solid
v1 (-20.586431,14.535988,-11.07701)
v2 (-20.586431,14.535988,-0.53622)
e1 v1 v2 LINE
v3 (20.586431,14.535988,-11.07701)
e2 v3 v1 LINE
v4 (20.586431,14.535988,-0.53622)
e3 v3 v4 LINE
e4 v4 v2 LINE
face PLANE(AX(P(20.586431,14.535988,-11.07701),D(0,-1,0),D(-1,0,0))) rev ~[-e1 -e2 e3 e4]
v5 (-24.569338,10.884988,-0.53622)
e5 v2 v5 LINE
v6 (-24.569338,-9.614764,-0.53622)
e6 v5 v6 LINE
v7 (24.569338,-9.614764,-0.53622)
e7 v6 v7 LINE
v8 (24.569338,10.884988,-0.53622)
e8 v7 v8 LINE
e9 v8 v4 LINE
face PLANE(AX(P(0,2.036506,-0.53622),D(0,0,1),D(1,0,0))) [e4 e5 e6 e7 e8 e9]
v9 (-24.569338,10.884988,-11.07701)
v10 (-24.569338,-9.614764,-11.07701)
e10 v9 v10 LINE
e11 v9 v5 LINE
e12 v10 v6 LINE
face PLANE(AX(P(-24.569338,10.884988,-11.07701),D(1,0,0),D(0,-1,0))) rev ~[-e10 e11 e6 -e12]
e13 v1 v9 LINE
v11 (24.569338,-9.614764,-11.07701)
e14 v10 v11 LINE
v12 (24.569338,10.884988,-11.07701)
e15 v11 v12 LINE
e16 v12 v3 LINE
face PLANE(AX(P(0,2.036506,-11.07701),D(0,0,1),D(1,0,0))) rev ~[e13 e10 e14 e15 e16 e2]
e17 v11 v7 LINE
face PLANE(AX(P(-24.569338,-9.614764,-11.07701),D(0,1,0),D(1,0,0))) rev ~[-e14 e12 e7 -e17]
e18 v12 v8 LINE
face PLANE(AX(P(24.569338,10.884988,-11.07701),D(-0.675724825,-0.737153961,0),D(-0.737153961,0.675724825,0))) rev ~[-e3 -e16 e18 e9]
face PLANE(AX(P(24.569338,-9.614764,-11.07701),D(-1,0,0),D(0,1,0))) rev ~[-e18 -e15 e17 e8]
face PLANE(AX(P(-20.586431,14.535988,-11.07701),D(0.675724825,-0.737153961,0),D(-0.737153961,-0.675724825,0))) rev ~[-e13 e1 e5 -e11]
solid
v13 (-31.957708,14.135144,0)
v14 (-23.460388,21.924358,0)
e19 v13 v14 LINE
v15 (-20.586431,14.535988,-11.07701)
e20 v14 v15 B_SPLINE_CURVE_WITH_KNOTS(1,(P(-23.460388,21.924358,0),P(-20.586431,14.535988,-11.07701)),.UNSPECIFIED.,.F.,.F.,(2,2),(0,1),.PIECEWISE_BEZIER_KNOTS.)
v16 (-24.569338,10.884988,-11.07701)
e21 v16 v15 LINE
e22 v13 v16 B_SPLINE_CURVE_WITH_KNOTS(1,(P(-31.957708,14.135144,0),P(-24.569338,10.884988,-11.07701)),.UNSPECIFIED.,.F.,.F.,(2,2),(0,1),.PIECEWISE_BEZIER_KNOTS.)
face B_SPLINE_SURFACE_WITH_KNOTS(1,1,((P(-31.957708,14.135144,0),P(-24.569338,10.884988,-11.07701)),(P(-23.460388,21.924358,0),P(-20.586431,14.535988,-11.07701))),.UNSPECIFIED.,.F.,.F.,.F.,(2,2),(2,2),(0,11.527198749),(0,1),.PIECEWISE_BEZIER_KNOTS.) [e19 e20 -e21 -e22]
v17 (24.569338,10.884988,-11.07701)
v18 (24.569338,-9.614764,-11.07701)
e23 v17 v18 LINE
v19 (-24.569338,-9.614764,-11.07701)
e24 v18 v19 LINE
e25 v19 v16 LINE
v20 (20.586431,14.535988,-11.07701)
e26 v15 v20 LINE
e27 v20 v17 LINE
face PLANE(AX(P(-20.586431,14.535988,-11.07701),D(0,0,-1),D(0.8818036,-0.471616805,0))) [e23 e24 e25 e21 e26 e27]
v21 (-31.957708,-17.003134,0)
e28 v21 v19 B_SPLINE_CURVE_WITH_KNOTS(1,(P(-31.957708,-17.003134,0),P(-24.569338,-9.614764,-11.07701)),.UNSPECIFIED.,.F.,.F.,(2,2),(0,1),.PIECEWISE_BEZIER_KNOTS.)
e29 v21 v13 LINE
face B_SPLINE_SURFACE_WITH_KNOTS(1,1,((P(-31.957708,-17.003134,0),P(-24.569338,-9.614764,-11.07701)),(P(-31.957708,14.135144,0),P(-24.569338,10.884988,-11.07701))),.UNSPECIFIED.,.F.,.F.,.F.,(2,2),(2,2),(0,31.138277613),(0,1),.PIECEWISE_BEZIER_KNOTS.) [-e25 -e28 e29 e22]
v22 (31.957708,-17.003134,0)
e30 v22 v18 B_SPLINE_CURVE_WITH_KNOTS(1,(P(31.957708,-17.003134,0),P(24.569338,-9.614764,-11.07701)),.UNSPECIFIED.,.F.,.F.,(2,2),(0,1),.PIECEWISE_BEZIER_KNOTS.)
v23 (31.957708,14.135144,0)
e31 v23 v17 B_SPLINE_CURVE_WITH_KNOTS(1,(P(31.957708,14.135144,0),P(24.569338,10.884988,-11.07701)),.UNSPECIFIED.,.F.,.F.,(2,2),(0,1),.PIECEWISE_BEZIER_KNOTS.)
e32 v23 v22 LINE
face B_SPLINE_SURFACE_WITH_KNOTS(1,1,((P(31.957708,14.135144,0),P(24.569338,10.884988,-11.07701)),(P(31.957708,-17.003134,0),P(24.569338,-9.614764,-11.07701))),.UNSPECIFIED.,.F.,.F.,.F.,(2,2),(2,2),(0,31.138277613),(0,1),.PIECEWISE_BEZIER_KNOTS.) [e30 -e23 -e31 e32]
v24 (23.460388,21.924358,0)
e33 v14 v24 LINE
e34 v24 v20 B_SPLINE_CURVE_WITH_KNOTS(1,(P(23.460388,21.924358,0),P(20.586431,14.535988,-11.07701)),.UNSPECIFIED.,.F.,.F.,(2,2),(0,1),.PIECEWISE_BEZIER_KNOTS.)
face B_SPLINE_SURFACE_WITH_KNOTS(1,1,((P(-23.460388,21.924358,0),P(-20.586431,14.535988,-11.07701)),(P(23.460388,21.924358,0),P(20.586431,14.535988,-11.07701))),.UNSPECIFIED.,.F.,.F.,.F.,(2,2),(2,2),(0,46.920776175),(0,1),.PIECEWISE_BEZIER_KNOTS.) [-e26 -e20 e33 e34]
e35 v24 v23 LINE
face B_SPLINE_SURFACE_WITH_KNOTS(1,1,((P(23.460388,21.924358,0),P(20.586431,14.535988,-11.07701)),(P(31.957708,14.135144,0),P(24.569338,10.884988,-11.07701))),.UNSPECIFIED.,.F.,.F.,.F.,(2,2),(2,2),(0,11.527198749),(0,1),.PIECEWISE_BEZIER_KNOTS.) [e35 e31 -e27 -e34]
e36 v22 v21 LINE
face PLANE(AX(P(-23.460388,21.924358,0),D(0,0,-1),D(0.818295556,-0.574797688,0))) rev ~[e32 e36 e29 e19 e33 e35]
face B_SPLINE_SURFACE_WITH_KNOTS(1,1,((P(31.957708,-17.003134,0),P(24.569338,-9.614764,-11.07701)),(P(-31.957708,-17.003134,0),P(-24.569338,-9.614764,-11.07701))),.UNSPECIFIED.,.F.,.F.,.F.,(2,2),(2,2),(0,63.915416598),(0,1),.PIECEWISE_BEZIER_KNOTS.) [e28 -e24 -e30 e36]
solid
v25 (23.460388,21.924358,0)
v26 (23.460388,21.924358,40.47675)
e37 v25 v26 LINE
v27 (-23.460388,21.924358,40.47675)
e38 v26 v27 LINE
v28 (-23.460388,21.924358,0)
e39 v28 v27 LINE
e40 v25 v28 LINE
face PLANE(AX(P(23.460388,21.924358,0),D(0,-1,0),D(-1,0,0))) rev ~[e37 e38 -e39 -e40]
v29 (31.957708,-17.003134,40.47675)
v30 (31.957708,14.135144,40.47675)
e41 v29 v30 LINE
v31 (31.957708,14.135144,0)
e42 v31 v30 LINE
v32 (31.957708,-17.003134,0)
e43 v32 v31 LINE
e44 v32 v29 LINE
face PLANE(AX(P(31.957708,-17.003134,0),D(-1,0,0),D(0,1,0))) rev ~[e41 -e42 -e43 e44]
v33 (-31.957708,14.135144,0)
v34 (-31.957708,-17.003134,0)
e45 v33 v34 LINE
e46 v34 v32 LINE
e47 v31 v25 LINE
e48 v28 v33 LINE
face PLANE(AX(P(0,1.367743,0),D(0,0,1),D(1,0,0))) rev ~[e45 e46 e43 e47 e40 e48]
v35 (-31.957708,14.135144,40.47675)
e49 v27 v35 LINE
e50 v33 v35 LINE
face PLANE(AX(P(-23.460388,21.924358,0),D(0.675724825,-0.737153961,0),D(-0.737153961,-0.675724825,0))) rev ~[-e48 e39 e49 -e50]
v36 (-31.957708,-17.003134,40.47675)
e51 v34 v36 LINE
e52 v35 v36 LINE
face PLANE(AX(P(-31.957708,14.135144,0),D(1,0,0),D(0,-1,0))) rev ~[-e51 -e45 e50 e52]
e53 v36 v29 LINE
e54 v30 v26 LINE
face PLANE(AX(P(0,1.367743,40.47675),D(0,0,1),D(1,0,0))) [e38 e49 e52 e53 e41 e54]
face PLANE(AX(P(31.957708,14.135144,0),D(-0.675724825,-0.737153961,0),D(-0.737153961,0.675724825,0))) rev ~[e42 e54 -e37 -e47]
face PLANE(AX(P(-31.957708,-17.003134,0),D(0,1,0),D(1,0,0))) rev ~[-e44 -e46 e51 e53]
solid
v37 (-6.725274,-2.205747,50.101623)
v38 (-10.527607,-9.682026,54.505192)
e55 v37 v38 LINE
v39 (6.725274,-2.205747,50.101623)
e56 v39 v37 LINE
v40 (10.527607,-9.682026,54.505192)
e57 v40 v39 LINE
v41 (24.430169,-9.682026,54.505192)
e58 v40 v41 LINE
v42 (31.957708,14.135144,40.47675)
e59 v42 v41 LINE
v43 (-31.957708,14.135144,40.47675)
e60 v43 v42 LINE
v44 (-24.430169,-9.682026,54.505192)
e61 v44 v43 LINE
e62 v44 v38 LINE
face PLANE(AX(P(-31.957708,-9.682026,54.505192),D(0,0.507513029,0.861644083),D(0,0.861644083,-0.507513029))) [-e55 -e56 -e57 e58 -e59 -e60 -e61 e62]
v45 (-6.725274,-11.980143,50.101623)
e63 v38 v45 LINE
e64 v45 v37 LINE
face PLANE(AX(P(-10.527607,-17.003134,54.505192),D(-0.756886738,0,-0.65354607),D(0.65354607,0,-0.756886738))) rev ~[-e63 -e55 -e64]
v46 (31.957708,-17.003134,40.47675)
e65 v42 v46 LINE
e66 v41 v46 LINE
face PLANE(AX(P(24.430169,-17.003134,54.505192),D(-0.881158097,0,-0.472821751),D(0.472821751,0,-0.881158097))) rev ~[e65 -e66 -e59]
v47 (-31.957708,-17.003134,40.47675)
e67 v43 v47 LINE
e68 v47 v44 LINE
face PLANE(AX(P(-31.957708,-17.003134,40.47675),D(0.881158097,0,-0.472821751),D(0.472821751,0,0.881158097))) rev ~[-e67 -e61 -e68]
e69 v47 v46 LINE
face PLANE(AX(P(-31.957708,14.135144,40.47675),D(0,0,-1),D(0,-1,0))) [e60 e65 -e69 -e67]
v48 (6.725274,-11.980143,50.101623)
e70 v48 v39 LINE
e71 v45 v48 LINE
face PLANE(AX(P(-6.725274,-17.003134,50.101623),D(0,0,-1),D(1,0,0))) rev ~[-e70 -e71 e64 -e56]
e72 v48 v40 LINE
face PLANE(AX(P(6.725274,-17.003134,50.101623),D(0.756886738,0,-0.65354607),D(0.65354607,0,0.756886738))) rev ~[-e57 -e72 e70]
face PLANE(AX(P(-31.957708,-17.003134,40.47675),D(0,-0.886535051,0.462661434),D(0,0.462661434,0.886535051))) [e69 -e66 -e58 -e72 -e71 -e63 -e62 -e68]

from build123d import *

# Parameters (mm, degrees)
F1_DEPTH = 10.54079
F3_DEPTH = 40.47675
F6_DEPTH = 63.9154165983
F8_DEPTH = 38.9284920647


with BuildPart() as f1:
    # F0 (on Top) → F1 (new body)
    with BuildSketch(Plane.XY):
        Polygon((20.5864314835, 14.5359879601), (-20.5864314835, 14.5359879601), (-24.5693381876, 10.884988199), (-24.5693381876, -9.6147637814), (0, -9.6147637814), (24.5693381876, -9.6147637814), (24.5693381876, 10.884988199), align=None)
    extrude(amount=F1_DEPTH)


with BuildPart() as f1_1:
    # F2: moved
    add(f1.part.moved(Location((0, 0, -11.07701))))


with BuildPart() as f3:
    # F0 (on Top) → F3 (new body)
    with BuildSketch(Plane.XY):
        Polygon((23.4603880877, 21.9243580716), (-23.4603880877, 21.9243580716), (-31.9577082992, 14.1351437196), (-31.9577082992, -17.003133893), (0, -17.003133893), (31.9577082992, -17.003133893), (31.9577082992, 14.1351437196), align=None)
        Polygon((-24.5693381876, 10.884988199), (-20.5864314835, 14.5359879601), (20.5864314835, 14.5359879601), (24.5693381876, 10.884988199), (24.5693381876, -9.6147637814), (0, -9.6147637814), (-24.5693381876, -9.6147637814), align=None, mode=Mode.SUBTRACT)
        Polygon((20.5864314835, 14.5359879601), (-20.5864314835, 14.5359879601), (-24.5693381876, 10.884988199), (-24.5693381876, -9.6147637814), (0, -9.6147637814), (24.5693381876, -9.6147637814), (24.5693381876, 10.884988199), align=None)
    extrude(amount=F3_DEPTH)


with BuildPart() as f4:
    # F3_face (on face) → F4 section 0
    with BuildSketch(Plane(origin=(0, 1.9996451768, 0), x_dir=(1, 0, 0), z_dir=(0, 0, -1))):
        Polygon((-23.4603880877, -19.9247128949), (23.4603880877, -19.9247128949), (31.9577082992, -12.1354985429), (31.9577082992, 19.0027790698), (-31.9577082992, 19.0027790698), (-31.9577082992, -12.1354985429), align=None)
    # F1_face (on face) → F4 section 1
    with BuildSketch(Plane(origin=(0, 2.3259091177, -11.07701), x_dir=(1, 0, 0), z_dir=(0, 0, -1))):
        Polygon((-20.5864314835, -12.2100788423), (20.5864314835, -12.2100788423), (24.5693381876, -8.5590790812), (24.5693381876, 11.9406728992), (-24.5693381876, 11.9406728992), (-24.5693381876, -8.5590790812), align=None)
    loft()


with BuildPart() as f6:
    # F5 (on face) → F6 (new body, through all)
    with BuildSketch(Plane(origin=(-31.9577082992, 0, 0), x_dir=(0, -1, 0), z_dir=(-1, 0, 0))):
        Polygon((-14.1351437196, 40.47675), (17.003133893, 40.47675), (9.6820257604, 54.5051917434), align=None)
    extrude(amount=-F6_DEPTH)

    # F7 (on face) → F8 (cut, through all)
    with BuildSketch(Plane.XZ.offset(17.003133893)):
        Polygon((31.9577082992, 40.47675), (31.9577082992, 54.5051917434), (24.4301687926, 54.5051917434), align=None)
        Polygon((-31.9577082992, 40.47675), (-24.4301687926, 54.5051917434), (-31.9577082992, 54.5051917434), align=None)
        Polygon((6.7252744921, 50.1016229391), (10.5276070535, 54.5051917434), (-10.5276070535, 54.5051917434), (-6.7252744921, 50.1016229391), (0, 50.1016229391), align=None)
    extrude(amount=-F8_DEPTH, mode=Mode.SUBTRACT)


solid = Compound([f1_1.part, f3.part, f4.part, f6.part])
